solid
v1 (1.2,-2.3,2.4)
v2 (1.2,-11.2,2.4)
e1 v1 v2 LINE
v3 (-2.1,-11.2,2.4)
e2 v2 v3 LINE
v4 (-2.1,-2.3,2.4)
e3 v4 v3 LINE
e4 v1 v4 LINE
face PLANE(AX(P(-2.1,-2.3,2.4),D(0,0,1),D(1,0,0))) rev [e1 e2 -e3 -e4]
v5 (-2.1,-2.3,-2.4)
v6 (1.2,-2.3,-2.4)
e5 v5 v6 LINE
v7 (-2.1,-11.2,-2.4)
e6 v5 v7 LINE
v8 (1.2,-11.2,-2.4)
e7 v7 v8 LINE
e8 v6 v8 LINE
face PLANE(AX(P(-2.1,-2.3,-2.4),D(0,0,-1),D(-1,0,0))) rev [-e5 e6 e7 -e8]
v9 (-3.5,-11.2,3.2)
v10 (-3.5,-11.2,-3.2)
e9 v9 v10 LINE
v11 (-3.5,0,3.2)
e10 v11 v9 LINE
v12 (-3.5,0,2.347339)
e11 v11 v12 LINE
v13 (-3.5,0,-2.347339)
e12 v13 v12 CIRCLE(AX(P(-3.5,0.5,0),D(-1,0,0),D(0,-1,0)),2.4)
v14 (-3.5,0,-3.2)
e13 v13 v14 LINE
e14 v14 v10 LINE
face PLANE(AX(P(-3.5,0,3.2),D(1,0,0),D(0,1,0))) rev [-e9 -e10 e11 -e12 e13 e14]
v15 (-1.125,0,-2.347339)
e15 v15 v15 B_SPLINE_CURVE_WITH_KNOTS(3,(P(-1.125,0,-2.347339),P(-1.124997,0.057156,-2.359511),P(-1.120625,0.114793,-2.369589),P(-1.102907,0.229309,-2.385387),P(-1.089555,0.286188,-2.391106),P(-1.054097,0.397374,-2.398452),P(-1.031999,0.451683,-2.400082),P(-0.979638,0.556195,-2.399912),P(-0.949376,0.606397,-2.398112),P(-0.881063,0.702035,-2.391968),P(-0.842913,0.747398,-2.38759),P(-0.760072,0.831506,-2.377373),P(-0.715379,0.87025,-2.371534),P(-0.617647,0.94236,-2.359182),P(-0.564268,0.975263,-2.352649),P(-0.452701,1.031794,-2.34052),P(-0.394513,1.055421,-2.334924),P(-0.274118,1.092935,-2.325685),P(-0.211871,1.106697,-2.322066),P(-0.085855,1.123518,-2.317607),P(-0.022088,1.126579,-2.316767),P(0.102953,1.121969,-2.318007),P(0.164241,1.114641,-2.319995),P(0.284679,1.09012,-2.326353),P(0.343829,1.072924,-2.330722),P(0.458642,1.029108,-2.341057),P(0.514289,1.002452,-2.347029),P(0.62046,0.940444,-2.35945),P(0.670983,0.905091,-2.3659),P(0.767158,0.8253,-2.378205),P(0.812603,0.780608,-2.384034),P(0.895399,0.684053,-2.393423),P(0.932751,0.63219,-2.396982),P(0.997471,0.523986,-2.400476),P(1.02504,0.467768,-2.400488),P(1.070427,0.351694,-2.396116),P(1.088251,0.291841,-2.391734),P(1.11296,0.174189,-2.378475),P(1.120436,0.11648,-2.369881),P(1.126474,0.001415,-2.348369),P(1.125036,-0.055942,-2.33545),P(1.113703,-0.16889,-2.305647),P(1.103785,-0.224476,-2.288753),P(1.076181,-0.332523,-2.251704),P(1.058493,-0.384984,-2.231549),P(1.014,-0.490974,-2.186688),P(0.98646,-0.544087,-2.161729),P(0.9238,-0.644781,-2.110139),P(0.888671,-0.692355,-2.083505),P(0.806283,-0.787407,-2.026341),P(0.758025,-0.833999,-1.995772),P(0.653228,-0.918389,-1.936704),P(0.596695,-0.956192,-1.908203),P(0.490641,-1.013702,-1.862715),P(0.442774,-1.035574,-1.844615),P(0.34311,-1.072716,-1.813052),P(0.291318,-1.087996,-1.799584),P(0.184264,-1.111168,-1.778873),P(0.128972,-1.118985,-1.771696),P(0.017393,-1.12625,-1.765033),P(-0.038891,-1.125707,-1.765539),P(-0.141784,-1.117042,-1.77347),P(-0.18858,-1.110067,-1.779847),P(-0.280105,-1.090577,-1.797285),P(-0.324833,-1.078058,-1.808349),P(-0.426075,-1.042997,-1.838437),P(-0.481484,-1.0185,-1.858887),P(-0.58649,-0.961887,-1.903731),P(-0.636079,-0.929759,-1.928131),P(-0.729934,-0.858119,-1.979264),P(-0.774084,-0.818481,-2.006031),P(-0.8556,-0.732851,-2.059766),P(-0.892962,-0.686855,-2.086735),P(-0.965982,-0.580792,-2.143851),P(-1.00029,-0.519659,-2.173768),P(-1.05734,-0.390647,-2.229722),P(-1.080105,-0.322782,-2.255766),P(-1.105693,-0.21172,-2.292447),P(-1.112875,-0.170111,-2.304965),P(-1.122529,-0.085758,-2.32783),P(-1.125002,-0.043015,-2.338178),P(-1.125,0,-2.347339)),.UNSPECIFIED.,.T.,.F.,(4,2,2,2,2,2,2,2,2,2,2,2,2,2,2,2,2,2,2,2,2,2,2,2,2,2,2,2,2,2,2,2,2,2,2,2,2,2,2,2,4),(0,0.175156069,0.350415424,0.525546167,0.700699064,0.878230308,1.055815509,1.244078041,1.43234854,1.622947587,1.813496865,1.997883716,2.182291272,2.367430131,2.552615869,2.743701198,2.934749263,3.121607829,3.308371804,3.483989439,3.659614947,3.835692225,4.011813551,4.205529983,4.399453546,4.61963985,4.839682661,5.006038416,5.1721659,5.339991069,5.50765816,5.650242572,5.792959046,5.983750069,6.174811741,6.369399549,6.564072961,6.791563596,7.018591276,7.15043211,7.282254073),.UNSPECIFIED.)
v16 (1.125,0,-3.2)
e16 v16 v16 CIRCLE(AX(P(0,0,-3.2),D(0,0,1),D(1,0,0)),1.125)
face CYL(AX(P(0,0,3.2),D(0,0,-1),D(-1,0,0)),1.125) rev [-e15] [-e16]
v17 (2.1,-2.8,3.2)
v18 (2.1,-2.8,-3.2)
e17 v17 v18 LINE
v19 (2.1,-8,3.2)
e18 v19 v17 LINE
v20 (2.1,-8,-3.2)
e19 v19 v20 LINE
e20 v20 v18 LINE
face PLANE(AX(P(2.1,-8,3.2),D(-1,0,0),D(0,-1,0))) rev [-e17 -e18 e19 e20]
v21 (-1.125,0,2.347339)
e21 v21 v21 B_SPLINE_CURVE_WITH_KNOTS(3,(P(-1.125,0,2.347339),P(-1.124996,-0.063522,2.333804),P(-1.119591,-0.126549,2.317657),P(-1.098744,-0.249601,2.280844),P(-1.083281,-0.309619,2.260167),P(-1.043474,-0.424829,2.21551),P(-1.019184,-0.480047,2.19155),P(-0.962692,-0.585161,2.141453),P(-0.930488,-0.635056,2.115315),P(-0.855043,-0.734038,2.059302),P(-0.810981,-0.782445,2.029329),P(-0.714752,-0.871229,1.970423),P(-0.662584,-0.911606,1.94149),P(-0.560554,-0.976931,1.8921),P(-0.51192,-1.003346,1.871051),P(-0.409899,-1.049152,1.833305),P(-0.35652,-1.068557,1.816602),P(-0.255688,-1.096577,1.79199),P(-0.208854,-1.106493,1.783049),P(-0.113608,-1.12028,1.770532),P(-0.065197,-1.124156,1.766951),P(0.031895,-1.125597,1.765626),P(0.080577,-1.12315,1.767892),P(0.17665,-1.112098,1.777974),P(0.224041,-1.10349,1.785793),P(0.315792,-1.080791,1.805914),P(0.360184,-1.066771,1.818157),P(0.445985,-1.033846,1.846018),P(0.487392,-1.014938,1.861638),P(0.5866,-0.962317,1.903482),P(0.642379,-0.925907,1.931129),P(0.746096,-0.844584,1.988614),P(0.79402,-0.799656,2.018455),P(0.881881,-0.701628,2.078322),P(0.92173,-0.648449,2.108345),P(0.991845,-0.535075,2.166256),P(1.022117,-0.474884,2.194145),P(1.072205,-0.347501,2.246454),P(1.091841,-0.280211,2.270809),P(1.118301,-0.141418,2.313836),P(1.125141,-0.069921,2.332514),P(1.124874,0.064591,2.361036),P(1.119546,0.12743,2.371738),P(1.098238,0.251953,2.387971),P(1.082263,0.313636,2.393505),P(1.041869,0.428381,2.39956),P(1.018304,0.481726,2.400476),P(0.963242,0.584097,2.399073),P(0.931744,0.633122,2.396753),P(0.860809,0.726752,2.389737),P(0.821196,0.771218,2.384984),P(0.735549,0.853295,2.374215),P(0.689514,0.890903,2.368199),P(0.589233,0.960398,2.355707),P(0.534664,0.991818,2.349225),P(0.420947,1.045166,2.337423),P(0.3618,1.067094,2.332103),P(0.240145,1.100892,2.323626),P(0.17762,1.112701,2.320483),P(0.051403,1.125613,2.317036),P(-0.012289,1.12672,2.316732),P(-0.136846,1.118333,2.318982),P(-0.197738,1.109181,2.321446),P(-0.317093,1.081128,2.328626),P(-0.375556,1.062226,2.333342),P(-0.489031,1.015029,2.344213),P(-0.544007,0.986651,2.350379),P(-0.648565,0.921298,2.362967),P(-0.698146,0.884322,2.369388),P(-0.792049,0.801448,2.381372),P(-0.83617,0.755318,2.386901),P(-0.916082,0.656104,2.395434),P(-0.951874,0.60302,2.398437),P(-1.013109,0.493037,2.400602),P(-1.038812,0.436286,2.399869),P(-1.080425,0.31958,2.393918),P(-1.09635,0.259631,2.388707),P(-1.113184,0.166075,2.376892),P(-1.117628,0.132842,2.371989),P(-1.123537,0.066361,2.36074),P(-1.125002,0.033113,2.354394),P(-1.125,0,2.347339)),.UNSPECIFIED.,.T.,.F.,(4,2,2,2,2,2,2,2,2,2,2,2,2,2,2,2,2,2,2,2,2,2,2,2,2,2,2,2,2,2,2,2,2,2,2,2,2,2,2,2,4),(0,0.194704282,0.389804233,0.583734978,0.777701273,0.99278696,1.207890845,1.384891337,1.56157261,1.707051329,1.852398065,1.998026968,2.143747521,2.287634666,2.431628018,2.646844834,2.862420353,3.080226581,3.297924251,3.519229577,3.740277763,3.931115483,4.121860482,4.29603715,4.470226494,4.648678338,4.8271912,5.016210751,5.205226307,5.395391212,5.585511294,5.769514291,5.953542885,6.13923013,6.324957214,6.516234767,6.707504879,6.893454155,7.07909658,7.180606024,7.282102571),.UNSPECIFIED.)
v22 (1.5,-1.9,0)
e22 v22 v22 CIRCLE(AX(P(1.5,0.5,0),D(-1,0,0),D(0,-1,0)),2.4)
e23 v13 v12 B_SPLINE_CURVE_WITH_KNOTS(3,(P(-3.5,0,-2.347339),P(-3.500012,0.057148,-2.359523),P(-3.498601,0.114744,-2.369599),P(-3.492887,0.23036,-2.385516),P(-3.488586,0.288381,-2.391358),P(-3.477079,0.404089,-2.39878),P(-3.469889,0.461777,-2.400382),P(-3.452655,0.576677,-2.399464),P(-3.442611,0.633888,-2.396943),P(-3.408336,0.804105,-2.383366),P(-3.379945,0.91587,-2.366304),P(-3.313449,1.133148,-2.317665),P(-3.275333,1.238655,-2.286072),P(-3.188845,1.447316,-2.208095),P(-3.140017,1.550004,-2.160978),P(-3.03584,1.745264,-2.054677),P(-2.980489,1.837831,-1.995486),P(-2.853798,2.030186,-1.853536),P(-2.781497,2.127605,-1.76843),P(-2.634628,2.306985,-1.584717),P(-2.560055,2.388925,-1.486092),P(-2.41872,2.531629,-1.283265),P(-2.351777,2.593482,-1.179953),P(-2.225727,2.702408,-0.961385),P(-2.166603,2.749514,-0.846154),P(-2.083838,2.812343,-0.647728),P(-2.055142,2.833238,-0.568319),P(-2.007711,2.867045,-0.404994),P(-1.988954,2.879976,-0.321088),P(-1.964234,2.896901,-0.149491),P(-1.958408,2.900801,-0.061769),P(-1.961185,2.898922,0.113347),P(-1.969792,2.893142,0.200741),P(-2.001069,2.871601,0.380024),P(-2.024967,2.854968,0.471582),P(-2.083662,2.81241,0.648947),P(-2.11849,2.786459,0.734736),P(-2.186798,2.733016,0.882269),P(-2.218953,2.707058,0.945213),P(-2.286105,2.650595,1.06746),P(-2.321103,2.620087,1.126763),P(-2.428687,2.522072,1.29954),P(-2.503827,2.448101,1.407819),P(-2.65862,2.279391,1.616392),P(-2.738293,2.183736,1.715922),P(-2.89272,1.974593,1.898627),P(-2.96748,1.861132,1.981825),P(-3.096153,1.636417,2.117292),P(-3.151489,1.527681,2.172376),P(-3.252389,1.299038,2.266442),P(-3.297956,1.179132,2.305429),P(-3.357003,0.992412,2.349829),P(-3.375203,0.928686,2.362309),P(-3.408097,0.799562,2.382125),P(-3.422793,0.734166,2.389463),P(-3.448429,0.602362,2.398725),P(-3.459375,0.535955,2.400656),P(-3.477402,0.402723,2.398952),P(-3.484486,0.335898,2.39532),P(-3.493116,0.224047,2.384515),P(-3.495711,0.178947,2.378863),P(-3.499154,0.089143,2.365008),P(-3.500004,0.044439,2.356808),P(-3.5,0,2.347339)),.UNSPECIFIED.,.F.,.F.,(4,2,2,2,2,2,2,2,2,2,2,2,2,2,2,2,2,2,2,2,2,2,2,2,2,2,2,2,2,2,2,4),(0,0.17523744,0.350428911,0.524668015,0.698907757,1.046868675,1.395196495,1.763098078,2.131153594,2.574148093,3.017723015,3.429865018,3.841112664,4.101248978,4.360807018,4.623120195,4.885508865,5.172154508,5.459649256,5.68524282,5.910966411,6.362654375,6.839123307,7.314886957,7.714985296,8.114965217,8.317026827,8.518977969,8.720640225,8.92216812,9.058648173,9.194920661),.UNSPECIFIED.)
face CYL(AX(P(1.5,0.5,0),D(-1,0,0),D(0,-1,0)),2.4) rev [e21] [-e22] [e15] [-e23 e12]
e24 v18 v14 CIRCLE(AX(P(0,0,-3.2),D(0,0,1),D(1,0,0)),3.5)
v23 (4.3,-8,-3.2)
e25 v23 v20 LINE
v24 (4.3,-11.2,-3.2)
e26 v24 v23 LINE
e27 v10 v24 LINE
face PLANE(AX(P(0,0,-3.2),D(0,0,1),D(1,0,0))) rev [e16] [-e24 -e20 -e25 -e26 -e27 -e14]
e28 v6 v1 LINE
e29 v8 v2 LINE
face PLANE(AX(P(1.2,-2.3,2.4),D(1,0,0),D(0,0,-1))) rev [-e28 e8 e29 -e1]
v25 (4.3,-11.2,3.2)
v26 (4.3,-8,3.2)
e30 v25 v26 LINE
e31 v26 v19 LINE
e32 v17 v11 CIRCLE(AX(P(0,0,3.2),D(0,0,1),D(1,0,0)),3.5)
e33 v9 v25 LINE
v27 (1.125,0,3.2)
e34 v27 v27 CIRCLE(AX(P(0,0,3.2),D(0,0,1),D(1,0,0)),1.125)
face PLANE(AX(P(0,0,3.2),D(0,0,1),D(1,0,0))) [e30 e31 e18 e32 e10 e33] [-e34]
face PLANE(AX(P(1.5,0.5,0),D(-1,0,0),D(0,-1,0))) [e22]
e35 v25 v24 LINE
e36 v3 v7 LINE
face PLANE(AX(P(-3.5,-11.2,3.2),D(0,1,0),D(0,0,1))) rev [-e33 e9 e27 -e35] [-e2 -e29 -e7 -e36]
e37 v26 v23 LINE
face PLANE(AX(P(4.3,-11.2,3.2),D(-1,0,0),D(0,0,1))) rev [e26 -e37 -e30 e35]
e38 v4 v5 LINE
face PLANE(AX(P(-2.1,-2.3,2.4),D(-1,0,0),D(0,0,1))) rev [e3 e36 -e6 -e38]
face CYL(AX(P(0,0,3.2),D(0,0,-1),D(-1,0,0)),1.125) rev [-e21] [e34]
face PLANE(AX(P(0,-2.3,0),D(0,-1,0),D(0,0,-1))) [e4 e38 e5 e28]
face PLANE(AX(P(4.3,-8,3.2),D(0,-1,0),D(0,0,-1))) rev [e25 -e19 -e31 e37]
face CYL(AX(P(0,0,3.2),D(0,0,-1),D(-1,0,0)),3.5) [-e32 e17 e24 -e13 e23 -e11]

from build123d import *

# Parameters (mm, degrees)
SKETCH1_R           = 1.125
BOSS_EXTRUDE1_DEPTH = 3.2
SKETCH2_W           = 3.3
SKETCH2_H           = 4.8
CUT_EXTRUDE1_DEPTH  = 8.9
SKETCH4_R           = 2.4
CUT_EXTRUDE2_DEPTH  = 5


with BuildPart() as part:
    # Sketch1 → Boss-Extrude1 (new body, symmetric)
    with BuildSketch(Plane.XY):
        with BuildLine():
            Line((-3.5, 0), (-3.5, -11.2))
            Line((-3.5, -11.2), (4.3, -11.2))
            Line((4.3, -11.2), (4.3, -8))
            Line((4.3, -8), (2.1, -8))
            Line((2.1, -8), (2.1, -2.8))
            ThreePointArc((2.1, -2.8), (1.565247584, 3.130495168), (-3.5, 0))
        make_face()
        Circle(SKETCH1_R, mode=Mode.SUBTRACT)
    extrude(amount=BOSS_EXTRUDE1_DEPTH, both=True)

    # Sketch2 → Cut-Extrude1 (cut)
    with BuildSketch(Plane.XZ.offset(11.2)):
        with Locations((-0.45, 0)):
            Rectangle(SKETCH2_W, SKETCH2_H)
    extrude(amount=-CUT_EXTRUDE1_DEPTH, mode=Mode.SUBTRACT)

    # Sketch4 → Cut-Extrude2 (cut)
    with BuildSketch(Plane.ZY.offset(3.5)):
        with Locations((0, 0.5)):
            Circle(SKETCH4_R)
    extrude(amount=-CUT_EXTRUDE2_DEPTH, mode=Mode.SUBTRACT)


solid = part.part
